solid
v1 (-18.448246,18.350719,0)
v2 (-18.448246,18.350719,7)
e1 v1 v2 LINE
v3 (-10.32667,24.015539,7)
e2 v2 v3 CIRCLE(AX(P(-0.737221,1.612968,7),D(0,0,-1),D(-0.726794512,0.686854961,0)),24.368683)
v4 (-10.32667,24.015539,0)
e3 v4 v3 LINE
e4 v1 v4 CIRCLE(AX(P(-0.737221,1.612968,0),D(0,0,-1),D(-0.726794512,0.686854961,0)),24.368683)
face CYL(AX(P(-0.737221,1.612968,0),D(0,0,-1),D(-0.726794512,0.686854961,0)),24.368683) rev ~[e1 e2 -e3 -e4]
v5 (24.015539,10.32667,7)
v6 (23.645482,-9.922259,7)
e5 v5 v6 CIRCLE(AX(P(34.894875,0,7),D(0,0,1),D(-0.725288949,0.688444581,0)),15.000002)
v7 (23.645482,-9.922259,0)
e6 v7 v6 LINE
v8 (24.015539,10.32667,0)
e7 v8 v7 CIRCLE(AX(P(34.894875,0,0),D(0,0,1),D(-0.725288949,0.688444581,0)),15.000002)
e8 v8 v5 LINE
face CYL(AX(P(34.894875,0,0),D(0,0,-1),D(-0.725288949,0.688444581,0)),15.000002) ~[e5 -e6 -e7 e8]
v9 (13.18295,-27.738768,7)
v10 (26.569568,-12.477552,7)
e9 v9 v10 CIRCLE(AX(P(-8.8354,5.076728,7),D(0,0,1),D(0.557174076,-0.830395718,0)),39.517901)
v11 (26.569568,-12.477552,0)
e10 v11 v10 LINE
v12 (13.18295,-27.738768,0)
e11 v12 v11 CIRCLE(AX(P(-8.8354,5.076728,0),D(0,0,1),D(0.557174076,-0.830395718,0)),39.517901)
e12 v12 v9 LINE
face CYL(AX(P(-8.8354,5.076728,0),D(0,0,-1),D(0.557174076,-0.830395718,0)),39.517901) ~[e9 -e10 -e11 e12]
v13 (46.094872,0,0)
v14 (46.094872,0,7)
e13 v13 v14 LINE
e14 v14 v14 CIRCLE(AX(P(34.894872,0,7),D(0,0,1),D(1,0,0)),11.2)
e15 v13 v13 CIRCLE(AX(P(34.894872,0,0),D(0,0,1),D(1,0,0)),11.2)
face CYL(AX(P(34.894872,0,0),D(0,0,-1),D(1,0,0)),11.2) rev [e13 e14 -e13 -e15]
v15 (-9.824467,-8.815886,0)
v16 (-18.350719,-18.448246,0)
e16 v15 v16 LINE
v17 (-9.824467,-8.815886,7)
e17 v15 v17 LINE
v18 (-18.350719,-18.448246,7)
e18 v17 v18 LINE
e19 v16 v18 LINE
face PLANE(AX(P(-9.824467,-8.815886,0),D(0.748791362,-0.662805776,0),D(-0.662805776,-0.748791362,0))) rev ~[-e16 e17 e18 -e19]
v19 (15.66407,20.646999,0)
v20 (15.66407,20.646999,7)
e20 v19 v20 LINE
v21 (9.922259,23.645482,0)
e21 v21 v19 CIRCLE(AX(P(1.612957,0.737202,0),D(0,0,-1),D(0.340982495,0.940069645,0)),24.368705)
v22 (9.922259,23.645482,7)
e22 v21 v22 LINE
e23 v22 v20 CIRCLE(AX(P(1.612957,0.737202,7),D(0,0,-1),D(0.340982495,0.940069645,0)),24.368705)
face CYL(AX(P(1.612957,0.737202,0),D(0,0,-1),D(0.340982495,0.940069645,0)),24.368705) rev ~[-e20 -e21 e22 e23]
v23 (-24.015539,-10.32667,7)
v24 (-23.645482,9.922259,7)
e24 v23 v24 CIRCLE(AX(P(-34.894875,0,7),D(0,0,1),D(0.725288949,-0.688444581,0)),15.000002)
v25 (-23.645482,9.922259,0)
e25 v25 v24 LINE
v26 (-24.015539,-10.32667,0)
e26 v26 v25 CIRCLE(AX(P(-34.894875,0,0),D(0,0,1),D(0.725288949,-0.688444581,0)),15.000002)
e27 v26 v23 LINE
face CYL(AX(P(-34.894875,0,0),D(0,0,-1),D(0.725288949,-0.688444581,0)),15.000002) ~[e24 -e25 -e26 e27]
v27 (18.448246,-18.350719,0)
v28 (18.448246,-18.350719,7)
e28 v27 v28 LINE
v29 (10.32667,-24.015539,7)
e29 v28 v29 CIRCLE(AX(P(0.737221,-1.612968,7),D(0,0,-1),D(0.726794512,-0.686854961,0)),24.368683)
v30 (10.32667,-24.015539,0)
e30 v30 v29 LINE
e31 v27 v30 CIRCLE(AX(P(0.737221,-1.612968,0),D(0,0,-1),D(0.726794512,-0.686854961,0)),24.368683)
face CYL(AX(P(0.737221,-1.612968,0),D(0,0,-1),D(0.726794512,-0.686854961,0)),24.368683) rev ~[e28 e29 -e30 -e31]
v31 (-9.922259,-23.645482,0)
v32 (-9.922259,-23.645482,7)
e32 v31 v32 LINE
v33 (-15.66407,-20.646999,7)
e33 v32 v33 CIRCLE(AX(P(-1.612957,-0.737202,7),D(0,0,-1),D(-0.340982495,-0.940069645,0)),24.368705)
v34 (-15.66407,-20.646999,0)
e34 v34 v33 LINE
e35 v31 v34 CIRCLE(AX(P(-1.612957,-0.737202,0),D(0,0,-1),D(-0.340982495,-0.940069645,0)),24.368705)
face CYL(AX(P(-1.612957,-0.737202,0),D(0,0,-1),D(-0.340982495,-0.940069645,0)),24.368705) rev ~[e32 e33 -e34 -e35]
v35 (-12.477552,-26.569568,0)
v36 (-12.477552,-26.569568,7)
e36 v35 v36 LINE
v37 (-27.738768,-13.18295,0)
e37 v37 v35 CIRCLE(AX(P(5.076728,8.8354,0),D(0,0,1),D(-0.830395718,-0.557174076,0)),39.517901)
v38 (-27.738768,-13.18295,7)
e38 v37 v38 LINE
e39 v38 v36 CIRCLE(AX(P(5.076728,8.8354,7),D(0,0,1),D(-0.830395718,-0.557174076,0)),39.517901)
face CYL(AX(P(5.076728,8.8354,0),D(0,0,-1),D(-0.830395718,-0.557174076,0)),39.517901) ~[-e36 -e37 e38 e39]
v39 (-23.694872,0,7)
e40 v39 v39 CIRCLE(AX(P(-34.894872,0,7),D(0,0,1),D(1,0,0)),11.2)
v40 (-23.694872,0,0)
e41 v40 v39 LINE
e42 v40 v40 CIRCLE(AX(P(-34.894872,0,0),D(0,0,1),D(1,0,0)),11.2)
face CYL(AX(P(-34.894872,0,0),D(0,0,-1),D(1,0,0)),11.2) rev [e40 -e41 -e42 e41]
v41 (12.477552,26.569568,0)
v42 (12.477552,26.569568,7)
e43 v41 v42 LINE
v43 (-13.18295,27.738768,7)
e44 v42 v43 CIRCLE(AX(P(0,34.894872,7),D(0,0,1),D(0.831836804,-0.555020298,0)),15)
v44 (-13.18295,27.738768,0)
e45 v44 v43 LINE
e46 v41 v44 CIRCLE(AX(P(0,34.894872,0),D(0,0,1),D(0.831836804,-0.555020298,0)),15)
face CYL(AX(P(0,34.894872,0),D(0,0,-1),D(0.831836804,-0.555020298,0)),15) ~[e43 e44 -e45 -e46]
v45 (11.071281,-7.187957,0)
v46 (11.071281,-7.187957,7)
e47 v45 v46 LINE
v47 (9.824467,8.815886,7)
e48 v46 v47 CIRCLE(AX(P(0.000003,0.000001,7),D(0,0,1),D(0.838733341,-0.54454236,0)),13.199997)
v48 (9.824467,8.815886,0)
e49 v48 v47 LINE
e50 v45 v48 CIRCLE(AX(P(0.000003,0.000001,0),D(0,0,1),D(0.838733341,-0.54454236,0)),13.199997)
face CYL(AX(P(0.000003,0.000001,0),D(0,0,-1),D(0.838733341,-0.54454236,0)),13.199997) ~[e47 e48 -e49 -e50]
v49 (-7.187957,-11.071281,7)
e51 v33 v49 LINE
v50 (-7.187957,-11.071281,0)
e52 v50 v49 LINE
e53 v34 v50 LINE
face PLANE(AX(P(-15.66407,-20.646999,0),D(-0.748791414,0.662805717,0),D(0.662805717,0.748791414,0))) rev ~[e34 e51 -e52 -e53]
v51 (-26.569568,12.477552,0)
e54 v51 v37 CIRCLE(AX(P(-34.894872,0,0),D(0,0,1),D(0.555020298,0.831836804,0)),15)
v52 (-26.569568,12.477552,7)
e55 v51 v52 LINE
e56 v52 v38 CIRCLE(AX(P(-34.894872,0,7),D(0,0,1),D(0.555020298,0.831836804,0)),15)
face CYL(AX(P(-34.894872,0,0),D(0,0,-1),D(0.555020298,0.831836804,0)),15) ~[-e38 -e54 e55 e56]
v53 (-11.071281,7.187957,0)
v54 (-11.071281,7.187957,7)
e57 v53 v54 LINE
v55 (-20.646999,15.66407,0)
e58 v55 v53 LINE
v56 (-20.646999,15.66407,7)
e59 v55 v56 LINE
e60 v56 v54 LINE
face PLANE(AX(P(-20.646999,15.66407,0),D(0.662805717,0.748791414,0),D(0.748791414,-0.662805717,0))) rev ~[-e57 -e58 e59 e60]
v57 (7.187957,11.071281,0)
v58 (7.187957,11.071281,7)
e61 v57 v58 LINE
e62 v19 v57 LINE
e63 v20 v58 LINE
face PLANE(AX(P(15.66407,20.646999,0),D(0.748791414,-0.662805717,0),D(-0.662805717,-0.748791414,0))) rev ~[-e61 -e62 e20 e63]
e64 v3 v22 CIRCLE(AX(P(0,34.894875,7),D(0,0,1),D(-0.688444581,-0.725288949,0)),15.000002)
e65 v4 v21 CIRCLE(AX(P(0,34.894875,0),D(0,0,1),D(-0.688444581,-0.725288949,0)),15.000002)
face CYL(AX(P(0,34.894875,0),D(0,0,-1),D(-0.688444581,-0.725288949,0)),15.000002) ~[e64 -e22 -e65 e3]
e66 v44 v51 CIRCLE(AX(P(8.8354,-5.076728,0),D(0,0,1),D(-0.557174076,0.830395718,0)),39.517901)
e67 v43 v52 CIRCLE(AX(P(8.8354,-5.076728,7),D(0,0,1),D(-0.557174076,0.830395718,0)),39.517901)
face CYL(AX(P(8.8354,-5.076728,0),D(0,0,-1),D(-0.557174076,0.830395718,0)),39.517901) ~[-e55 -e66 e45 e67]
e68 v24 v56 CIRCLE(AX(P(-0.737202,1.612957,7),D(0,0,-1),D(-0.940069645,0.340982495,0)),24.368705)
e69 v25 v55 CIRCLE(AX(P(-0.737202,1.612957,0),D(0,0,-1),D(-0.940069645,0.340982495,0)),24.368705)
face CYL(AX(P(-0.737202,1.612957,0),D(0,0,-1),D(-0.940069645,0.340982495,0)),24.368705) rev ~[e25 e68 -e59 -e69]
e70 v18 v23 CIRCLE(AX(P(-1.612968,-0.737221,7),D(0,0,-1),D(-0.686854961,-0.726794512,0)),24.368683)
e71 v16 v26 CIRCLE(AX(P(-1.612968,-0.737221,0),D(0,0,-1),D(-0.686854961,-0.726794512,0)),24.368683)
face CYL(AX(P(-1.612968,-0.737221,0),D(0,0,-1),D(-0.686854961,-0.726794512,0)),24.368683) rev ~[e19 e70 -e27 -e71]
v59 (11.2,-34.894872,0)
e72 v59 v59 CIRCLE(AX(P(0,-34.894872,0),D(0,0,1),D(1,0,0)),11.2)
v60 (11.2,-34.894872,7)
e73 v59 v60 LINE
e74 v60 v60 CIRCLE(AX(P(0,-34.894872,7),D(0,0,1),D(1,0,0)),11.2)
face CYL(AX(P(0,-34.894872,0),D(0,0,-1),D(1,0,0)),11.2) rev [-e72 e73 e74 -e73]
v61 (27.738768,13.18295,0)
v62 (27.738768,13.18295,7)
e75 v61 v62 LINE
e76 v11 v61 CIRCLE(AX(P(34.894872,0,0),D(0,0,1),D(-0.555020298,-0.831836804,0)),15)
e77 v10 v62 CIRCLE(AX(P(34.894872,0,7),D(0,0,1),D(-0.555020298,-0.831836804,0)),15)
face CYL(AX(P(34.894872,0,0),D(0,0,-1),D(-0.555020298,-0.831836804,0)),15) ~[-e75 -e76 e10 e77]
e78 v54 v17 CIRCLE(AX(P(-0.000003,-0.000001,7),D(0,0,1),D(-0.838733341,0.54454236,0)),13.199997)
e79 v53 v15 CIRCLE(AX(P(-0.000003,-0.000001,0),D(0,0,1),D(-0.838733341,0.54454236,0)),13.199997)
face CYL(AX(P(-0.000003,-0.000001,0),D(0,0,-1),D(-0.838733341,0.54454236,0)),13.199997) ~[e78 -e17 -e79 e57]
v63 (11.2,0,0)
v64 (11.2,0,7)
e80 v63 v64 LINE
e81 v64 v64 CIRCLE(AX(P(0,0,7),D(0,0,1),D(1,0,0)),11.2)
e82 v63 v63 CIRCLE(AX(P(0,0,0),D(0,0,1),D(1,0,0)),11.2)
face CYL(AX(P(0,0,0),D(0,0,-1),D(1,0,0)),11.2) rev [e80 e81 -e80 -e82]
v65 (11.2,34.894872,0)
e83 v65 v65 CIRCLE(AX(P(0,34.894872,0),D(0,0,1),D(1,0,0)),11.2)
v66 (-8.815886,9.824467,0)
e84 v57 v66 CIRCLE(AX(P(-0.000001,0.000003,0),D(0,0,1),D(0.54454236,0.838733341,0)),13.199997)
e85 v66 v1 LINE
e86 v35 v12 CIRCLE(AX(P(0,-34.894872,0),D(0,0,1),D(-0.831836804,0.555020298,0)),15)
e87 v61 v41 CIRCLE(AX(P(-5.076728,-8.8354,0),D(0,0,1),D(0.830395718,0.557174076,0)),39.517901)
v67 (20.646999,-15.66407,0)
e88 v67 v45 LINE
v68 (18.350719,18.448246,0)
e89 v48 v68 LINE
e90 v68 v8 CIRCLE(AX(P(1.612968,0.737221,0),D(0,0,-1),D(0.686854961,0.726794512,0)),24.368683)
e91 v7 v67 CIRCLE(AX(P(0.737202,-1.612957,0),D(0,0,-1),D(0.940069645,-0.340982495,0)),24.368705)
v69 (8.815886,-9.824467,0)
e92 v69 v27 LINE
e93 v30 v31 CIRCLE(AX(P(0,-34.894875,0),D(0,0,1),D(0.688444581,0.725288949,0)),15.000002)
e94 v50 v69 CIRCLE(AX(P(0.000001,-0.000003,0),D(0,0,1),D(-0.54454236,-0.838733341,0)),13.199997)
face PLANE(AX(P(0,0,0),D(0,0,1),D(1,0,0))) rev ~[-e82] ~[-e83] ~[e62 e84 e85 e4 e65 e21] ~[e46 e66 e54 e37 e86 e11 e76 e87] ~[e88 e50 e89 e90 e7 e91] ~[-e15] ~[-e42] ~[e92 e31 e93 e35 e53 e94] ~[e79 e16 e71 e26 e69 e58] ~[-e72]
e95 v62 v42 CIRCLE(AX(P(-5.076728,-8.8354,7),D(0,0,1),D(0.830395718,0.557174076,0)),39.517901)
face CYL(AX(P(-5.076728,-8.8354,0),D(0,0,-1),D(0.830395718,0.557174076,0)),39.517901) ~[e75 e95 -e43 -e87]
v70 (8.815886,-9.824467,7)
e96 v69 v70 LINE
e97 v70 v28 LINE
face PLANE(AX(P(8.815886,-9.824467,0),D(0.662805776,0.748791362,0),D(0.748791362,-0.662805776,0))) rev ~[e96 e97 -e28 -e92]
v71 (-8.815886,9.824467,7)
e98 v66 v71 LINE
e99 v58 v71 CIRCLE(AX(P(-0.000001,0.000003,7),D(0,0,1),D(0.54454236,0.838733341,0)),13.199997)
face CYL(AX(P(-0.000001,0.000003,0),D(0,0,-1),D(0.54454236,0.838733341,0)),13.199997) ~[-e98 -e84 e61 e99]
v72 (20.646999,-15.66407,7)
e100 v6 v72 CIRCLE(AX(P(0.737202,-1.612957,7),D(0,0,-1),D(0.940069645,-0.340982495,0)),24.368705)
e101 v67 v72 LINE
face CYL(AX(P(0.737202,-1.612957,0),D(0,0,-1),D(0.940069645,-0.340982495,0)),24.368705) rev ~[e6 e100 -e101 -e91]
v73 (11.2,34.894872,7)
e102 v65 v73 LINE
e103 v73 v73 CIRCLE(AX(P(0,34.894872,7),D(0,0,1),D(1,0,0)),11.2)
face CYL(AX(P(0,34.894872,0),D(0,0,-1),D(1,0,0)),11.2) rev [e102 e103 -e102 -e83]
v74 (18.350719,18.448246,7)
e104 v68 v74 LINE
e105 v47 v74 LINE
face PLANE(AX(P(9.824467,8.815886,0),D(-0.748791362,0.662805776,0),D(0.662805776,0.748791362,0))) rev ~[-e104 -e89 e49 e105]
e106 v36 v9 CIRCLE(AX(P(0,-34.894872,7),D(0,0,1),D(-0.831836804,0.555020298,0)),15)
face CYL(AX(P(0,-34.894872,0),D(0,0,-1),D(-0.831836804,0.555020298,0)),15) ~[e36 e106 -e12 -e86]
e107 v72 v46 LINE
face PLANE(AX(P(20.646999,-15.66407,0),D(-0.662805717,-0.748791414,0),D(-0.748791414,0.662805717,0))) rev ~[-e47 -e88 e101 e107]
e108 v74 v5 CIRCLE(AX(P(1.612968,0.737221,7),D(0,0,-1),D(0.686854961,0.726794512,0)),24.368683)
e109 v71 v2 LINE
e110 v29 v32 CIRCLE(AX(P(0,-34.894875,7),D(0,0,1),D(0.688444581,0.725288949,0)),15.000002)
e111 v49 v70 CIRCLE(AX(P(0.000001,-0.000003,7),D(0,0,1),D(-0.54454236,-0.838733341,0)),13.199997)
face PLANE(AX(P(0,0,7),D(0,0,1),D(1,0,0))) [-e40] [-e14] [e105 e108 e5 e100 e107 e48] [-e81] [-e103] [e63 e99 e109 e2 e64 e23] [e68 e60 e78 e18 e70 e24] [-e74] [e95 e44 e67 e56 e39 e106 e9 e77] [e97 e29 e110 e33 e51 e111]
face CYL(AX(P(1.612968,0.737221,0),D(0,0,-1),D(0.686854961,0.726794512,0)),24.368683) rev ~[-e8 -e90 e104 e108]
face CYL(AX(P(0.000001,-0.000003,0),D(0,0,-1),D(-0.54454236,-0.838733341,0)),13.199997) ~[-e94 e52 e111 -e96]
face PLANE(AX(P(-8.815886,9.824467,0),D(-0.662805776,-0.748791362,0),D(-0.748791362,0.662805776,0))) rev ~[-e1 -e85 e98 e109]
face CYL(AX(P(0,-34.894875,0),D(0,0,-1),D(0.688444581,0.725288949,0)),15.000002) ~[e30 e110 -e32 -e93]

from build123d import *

# Parameters (mm, degrees)
F0_R     = 11.2
F1_DEPTH = 7


with BuildPart() as f1:
    # F0 (on Top) → F1 (new body)
    with BuildSketch(Plane.XY):
        with BuildLine():
            ThreePointArc((-13.18295, 27.738768), (-20.872941, 20.982416), (-26.569568, 12.477552))
            ThreePointArc((-26.569568, 12.477552), (-49.879326, 0.682754), (-27.738768, -13.18295))
            ThreePointArc((-27.738768, -13.18295), (-20.982416, -20.872941), (-12.477552, -26.569568))
            ThreePointArc((-12.477552, -26.569568), (-0.682754, -49.879326), (13.18295, -27.738768))
            ThreePointArc((13.18295, -27.738768), (20.872941, -20.982416), (26.569568, -12.477552))
            ThreePointArc((26.569568, -12.477552), (49.879326, -0.682754), (27.738768, 13.18295))
            ThreePointArc((27.738768, 13.18295), (20.982416, 20.872941), (12.477552, 26.569568))
            ThreePointArc((12.477552, 26.569568), (0.682754, 49.879326), (-13.18295, 27.738768))
        make_face()
        with BuildLine():
            Line((-20.646999, 15.66407), (-11.071281, 7.187957))
            ThreePointArc((-11.071281, 7.187957), (-13.160123, -1.025268), (-9.824467, -8.815886))
            Line((-9.824467, -8.815886), (-18.350719, -18.448246))
            ThreePointArc((-18.350719, -18.448246), (-21.599994, -14.678222), (-24.015539, -10.32667))
            ThreePointArc((-24.015539, -10.32667), (-19.897377, -0.274085), (-23.645482, 9.922259))
            ThreePointArc((-23.645482, 9.922259), (-22.337874, 12.893239), (-20.646999, 15.66407))
        make_face(mode=Mode.SUBTRACT)
        with Locations((0, -34.894872)):
            Circle(F0_R, mode=Mode.SUBTRACT)
        with BuildLine():
            ThreePointArc((10.32667, -24.015539), (0.274085, -19.897377), (-9.922259, -23.645482))
            ThreePointArc((-9.922259, -23.645482), (-12.893239, -22.337874), (-15.66407, -20.646999))
            Line((-15.66407, -20.646999), (-7.187957, -11.071281))
            ThreePointArc((-7.187957, -11.071281), (1.025268, -13.160123), (8.815886, -9.824467))
            Line((8.815886, -9.824467), (18.448246, -18.350719))
            ThreePointArc((18.448246, -18.350719), (14.678222, -21.599994), (10.32667, -24.015539))
        make_face(mode=Mode.SUBTRACT)
        with Locations((-34.894872, 0)):
            Circle(F0_R, mode=Mode.SUBTRACT)
        with BuildLine():
            ThreePointArc((-18.448246, 18.350719), (-14.678222, 21.599994), (-10.32667, 24.015539))
            ThreePointArc((-10.32667, 24.015539), (-0.274085, 19.897377), (9.922259, 23.645482))
            ThreePointArc((9.922259, 23.645482), (12.893239, 22.337874), (15.66407, 20.646999))
            Line((15.66407, 20.646999), (7.187957, 11.071281))
            ThreePointArc((7.187957, 11.071281), (-1.025268, 13.160123), (-8.815886, 9.824467))
            Line((-8.815886, 9.824467), (-18.448246, 18.350719))
        make_face(mode=Mode.SUBTRACT)
        Circle(F0_R, mode=Mode.SUBTRACT)
        with BuildLine():
            ThreePointArc((18.350719, 18.448246), (21.599994, 14.678222), (24.015539, 10.32667))
            ThreePointArc((24.015539, 10.32667), (19.897377, 0.274085), (23.645482, -9.922259))
            ThreePointArc((23.645482, -9.922259), (22.337874, -12.893239), (20.646999, -15.66407))
            Line((20.646999, -15.66407), (11.071281, -7.187957))
            ThreePointArc((11.071281, -7.187957), (13.160123, 1.025268), (9.824467, 8.815886))
            Line((9.824467, 8.815886), (18.350719, 18.448246))
        make_face(mode=Mode.SUBTRACT)
        with Locations((34.894872, 0)):
            Circle(F0_R, mode=Mode.SUBTRACT)
        with Locations((0, 34.894872)):
            Circle(F0_R, mode=Mode.SUBTRACT)
    extrude(amount=F1_DEPTH)


solid = f1.part
